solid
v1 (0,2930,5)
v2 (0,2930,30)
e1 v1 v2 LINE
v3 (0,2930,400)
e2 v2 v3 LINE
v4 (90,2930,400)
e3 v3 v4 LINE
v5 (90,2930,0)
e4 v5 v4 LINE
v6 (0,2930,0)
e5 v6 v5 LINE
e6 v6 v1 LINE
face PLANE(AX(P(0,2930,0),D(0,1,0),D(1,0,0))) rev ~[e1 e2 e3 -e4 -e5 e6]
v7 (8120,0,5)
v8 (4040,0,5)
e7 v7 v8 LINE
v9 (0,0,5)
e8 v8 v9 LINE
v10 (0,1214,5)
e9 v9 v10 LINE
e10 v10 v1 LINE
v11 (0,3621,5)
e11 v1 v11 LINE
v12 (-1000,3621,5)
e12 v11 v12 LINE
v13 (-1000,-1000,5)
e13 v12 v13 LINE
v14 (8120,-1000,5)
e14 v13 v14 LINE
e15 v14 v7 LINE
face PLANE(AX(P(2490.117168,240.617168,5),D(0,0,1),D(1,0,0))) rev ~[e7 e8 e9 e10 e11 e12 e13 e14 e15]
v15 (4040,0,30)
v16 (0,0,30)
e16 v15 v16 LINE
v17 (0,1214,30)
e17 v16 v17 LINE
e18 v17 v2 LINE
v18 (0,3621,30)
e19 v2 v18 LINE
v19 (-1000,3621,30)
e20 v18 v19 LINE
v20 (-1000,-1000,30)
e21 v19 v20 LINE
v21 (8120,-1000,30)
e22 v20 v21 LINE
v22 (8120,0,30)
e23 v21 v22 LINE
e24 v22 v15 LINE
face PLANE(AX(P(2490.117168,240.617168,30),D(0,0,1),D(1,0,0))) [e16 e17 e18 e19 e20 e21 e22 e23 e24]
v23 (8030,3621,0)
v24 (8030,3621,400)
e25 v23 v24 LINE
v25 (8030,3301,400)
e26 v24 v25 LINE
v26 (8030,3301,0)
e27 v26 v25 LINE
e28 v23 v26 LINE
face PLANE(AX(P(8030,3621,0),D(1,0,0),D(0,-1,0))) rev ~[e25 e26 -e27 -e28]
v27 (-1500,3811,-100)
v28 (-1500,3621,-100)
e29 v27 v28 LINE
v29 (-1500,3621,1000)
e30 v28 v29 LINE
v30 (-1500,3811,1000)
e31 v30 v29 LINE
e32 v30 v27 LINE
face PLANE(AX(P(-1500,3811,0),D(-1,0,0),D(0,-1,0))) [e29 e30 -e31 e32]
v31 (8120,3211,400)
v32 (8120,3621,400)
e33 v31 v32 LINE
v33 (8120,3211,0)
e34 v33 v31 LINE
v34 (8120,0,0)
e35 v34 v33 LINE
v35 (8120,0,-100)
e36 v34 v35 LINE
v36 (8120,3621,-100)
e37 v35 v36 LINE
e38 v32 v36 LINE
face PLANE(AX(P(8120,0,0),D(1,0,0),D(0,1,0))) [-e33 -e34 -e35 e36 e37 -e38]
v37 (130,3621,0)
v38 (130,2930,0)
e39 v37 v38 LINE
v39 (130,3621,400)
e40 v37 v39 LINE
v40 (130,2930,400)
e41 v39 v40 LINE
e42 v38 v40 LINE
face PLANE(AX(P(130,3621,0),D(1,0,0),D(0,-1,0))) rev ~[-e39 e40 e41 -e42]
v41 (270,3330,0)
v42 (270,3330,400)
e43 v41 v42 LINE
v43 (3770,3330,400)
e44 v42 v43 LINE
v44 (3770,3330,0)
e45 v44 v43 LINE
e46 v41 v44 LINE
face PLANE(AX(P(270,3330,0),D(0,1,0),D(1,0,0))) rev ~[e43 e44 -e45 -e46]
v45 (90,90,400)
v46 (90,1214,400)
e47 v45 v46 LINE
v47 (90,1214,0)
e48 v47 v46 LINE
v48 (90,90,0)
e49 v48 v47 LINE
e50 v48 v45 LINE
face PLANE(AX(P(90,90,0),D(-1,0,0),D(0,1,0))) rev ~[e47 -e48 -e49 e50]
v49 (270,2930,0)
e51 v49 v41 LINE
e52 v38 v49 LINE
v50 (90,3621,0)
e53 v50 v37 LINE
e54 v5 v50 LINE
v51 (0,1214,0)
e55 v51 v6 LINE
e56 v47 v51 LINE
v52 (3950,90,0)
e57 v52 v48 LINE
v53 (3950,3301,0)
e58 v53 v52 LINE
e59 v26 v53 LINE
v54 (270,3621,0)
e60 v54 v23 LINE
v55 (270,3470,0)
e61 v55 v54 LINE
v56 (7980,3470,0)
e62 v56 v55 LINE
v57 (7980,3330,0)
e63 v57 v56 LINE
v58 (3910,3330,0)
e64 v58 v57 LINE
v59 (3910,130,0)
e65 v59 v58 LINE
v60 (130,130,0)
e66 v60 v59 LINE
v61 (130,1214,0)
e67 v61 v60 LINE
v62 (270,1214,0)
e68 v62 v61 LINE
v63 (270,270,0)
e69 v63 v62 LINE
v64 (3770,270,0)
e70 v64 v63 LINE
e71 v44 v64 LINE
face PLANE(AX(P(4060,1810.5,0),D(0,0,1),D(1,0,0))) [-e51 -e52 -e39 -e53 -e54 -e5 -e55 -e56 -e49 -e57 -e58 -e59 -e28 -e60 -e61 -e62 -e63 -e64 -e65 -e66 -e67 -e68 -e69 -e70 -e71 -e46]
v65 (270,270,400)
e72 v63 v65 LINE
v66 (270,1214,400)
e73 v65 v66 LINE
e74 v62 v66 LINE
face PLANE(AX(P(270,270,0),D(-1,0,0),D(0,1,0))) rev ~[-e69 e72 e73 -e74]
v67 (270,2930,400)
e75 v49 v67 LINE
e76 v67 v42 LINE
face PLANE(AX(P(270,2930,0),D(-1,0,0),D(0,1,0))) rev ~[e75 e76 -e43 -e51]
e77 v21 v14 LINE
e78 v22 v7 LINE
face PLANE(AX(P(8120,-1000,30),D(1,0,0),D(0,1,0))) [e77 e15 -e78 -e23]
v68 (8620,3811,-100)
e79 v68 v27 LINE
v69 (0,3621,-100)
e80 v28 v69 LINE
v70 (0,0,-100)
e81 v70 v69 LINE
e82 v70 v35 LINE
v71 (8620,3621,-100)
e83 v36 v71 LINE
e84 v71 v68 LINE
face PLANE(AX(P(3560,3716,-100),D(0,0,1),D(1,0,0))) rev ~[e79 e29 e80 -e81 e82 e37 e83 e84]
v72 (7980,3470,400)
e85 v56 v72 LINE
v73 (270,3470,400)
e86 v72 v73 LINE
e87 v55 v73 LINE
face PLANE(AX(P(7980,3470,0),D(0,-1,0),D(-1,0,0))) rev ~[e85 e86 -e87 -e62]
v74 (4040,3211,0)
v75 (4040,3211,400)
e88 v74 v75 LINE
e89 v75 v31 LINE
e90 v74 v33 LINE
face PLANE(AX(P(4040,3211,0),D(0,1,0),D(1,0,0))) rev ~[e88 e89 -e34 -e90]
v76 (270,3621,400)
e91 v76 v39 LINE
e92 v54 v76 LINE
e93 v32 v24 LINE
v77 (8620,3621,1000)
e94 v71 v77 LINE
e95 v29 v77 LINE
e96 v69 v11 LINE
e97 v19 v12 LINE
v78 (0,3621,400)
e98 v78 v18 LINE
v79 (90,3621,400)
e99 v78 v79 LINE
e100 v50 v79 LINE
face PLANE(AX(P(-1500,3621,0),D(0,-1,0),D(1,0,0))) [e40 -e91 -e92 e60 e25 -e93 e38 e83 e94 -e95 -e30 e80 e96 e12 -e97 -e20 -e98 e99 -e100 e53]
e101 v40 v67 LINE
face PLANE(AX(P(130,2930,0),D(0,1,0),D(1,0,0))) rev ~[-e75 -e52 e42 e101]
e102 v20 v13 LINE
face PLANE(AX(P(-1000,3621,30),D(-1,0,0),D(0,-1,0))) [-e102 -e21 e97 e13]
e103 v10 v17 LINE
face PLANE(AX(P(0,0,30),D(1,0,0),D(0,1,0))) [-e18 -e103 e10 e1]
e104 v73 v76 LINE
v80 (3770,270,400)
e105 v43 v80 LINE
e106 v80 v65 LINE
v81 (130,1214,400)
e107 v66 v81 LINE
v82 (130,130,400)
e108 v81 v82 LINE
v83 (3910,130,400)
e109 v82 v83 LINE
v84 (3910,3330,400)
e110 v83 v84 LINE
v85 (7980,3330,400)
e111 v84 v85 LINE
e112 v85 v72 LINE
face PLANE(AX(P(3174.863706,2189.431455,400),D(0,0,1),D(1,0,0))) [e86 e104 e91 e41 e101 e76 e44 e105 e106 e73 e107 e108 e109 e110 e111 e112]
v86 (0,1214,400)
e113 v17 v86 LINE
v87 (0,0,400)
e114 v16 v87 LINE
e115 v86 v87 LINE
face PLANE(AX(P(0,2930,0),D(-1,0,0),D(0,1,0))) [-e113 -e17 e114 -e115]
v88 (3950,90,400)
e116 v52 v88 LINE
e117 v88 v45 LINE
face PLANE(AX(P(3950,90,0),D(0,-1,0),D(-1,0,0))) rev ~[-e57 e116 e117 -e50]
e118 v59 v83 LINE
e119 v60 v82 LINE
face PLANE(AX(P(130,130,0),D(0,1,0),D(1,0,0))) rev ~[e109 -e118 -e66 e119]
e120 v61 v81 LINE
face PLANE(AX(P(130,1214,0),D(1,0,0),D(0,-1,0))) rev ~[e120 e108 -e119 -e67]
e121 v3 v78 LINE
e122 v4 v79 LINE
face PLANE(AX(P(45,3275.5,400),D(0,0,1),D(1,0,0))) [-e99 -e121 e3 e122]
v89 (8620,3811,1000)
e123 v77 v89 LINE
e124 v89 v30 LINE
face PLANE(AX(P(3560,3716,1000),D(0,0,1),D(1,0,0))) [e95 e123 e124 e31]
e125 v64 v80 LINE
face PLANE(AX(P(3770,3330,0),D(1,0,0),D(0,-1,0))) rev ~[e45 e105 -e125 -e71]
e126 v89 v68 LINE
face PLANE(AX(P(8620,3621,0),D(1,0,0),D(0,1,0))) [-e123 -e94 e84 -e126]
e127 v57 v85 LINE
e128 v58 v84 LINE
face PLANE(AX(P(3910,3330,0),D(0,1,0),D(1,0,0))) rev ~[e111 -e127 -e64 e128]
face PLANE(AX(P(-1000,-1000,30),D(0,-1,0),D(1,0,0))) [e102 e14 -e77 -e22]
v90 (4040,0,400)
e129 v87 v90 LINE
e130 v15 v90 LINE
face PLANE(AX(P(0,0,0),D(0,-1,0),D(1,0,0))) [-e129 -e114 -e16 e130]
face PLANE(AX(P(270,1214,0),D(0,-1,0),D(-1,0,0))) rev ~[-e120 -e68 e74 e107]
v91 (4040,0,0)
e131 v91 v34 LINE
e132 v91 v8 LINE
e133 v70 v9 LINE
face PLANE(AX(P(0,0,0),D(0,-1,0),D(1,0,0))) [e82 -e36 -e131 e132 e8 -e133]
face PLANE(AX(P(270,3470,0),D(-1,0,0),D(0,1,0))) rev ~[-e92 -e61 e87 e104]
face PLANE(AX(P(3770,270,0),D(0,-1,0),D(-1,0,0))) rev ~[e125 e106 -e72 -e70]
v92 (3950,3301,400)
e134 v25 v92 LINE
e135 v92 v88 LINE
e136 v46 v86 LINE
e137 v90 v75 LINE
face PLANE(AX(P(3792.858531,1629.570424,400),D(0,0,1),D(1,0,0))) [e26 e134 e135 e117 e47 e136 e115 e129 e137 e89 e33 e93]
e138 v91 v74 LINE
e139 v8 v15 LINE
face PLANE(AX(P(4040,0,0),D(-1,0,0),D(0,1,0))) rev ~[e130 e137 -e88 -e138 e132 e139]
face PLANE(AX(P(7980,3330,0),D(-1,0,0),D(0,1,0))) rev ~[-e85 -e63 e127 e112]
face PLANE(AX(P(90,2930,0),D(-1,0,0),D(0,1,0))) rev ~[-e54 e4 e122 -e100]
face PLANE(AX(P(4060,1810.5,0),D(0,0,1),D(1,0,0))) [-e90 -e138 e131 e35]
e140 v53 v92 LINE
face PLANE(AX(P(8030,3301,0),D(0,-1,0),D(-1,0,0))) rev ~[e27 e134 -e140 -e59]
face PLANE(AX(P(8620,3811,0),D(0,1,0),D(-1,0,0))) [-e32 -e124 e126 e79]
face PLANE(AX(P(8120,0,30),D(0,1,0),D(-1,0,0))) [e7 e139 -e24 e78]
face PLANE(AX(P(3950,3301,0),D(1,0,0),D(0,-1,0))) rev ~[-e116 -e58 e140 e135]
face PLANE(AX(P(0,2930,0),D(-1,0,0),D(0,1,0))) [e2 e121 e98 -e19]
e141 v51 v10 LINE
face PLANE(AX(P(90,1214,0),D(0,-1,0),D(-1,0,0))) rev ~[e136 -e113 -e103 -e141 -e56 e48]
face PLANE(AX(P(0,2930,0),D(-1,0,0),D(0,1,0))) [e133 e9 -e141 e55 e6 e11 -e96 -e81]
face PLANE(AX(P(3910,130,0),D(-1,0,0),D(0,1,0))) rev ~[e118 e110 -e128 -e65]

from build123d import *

# Parameters (mm, degrees)
F0_W          = 8120
F0_H          = 3621
F1_DEPTH      = 100
F2_W          = 90
F2_H          = 691
F3_DEPTH      = 400
F6_DEPTH      = 25
F8_DEPTH      = 1000
F8_DEPTH_BACK = 100


with BuildPart() as f1:
    # F0 (on Top) → F1 (new body)
    with BuildSketch(Plane.XY):
        with Locations((4060, 1810.5)):
            Rectangle(F0_W, F0_H)
    extrude(amount=-F1_DEPTH)

    # F2 (on face) → F3 (join)
    with BuildSketch(Plane.XY):
        with Locations((45, 3275.5)):
            Rectangle(F2_W, F2_H)
        Polygon((270, 3621), (130, 3621), (130, 2930), (270, 2930), (270, 3330), (3770, 3330), (3770, 270), (270, 270), (270, 1214), (130, 1214), (130, 130), (3910, 130), (3910, 3330), (7980, 3330), (7980, 3470), (270, 3470), align=None)
        Polygon((90, 1214), (0, 1214), (0, 0), (4040, 0), (4040, 3211), (8120, 3211), (8120, 3621), (8030, 3621), (8030, 3301), (3950, 3301), (3950, 90), (90, 90), align=None)
    extrude(amount=F3_DEPTH)

    # F5 (on offset) → F6 (join)
    with BuildSketch(Plane.XY.offset(30)):
        Polygon((0, 0), (0, 3621), (-1000, 3621), (-1000, -1000), (8120, -1000), (8120, 0), align=None)
    extrude(amount=-F6_DEPTH)

    # F7 (on face) → F8 (join, two sides)
    with BuildSketch(Plane.XY) as f8_sk:
        Polygon((-1500, 3811), (-1500, 3621), (90, 3621), (130, 3621), (270, 3621), (8030, 3621), (8620, 3621), (8620, 3811), align=None)
    extrude(amount=F8_DEPTH)
    extrude(f8_sk.sketch, amount=-F8_DEPTH_BACK)


solid = f1.part
